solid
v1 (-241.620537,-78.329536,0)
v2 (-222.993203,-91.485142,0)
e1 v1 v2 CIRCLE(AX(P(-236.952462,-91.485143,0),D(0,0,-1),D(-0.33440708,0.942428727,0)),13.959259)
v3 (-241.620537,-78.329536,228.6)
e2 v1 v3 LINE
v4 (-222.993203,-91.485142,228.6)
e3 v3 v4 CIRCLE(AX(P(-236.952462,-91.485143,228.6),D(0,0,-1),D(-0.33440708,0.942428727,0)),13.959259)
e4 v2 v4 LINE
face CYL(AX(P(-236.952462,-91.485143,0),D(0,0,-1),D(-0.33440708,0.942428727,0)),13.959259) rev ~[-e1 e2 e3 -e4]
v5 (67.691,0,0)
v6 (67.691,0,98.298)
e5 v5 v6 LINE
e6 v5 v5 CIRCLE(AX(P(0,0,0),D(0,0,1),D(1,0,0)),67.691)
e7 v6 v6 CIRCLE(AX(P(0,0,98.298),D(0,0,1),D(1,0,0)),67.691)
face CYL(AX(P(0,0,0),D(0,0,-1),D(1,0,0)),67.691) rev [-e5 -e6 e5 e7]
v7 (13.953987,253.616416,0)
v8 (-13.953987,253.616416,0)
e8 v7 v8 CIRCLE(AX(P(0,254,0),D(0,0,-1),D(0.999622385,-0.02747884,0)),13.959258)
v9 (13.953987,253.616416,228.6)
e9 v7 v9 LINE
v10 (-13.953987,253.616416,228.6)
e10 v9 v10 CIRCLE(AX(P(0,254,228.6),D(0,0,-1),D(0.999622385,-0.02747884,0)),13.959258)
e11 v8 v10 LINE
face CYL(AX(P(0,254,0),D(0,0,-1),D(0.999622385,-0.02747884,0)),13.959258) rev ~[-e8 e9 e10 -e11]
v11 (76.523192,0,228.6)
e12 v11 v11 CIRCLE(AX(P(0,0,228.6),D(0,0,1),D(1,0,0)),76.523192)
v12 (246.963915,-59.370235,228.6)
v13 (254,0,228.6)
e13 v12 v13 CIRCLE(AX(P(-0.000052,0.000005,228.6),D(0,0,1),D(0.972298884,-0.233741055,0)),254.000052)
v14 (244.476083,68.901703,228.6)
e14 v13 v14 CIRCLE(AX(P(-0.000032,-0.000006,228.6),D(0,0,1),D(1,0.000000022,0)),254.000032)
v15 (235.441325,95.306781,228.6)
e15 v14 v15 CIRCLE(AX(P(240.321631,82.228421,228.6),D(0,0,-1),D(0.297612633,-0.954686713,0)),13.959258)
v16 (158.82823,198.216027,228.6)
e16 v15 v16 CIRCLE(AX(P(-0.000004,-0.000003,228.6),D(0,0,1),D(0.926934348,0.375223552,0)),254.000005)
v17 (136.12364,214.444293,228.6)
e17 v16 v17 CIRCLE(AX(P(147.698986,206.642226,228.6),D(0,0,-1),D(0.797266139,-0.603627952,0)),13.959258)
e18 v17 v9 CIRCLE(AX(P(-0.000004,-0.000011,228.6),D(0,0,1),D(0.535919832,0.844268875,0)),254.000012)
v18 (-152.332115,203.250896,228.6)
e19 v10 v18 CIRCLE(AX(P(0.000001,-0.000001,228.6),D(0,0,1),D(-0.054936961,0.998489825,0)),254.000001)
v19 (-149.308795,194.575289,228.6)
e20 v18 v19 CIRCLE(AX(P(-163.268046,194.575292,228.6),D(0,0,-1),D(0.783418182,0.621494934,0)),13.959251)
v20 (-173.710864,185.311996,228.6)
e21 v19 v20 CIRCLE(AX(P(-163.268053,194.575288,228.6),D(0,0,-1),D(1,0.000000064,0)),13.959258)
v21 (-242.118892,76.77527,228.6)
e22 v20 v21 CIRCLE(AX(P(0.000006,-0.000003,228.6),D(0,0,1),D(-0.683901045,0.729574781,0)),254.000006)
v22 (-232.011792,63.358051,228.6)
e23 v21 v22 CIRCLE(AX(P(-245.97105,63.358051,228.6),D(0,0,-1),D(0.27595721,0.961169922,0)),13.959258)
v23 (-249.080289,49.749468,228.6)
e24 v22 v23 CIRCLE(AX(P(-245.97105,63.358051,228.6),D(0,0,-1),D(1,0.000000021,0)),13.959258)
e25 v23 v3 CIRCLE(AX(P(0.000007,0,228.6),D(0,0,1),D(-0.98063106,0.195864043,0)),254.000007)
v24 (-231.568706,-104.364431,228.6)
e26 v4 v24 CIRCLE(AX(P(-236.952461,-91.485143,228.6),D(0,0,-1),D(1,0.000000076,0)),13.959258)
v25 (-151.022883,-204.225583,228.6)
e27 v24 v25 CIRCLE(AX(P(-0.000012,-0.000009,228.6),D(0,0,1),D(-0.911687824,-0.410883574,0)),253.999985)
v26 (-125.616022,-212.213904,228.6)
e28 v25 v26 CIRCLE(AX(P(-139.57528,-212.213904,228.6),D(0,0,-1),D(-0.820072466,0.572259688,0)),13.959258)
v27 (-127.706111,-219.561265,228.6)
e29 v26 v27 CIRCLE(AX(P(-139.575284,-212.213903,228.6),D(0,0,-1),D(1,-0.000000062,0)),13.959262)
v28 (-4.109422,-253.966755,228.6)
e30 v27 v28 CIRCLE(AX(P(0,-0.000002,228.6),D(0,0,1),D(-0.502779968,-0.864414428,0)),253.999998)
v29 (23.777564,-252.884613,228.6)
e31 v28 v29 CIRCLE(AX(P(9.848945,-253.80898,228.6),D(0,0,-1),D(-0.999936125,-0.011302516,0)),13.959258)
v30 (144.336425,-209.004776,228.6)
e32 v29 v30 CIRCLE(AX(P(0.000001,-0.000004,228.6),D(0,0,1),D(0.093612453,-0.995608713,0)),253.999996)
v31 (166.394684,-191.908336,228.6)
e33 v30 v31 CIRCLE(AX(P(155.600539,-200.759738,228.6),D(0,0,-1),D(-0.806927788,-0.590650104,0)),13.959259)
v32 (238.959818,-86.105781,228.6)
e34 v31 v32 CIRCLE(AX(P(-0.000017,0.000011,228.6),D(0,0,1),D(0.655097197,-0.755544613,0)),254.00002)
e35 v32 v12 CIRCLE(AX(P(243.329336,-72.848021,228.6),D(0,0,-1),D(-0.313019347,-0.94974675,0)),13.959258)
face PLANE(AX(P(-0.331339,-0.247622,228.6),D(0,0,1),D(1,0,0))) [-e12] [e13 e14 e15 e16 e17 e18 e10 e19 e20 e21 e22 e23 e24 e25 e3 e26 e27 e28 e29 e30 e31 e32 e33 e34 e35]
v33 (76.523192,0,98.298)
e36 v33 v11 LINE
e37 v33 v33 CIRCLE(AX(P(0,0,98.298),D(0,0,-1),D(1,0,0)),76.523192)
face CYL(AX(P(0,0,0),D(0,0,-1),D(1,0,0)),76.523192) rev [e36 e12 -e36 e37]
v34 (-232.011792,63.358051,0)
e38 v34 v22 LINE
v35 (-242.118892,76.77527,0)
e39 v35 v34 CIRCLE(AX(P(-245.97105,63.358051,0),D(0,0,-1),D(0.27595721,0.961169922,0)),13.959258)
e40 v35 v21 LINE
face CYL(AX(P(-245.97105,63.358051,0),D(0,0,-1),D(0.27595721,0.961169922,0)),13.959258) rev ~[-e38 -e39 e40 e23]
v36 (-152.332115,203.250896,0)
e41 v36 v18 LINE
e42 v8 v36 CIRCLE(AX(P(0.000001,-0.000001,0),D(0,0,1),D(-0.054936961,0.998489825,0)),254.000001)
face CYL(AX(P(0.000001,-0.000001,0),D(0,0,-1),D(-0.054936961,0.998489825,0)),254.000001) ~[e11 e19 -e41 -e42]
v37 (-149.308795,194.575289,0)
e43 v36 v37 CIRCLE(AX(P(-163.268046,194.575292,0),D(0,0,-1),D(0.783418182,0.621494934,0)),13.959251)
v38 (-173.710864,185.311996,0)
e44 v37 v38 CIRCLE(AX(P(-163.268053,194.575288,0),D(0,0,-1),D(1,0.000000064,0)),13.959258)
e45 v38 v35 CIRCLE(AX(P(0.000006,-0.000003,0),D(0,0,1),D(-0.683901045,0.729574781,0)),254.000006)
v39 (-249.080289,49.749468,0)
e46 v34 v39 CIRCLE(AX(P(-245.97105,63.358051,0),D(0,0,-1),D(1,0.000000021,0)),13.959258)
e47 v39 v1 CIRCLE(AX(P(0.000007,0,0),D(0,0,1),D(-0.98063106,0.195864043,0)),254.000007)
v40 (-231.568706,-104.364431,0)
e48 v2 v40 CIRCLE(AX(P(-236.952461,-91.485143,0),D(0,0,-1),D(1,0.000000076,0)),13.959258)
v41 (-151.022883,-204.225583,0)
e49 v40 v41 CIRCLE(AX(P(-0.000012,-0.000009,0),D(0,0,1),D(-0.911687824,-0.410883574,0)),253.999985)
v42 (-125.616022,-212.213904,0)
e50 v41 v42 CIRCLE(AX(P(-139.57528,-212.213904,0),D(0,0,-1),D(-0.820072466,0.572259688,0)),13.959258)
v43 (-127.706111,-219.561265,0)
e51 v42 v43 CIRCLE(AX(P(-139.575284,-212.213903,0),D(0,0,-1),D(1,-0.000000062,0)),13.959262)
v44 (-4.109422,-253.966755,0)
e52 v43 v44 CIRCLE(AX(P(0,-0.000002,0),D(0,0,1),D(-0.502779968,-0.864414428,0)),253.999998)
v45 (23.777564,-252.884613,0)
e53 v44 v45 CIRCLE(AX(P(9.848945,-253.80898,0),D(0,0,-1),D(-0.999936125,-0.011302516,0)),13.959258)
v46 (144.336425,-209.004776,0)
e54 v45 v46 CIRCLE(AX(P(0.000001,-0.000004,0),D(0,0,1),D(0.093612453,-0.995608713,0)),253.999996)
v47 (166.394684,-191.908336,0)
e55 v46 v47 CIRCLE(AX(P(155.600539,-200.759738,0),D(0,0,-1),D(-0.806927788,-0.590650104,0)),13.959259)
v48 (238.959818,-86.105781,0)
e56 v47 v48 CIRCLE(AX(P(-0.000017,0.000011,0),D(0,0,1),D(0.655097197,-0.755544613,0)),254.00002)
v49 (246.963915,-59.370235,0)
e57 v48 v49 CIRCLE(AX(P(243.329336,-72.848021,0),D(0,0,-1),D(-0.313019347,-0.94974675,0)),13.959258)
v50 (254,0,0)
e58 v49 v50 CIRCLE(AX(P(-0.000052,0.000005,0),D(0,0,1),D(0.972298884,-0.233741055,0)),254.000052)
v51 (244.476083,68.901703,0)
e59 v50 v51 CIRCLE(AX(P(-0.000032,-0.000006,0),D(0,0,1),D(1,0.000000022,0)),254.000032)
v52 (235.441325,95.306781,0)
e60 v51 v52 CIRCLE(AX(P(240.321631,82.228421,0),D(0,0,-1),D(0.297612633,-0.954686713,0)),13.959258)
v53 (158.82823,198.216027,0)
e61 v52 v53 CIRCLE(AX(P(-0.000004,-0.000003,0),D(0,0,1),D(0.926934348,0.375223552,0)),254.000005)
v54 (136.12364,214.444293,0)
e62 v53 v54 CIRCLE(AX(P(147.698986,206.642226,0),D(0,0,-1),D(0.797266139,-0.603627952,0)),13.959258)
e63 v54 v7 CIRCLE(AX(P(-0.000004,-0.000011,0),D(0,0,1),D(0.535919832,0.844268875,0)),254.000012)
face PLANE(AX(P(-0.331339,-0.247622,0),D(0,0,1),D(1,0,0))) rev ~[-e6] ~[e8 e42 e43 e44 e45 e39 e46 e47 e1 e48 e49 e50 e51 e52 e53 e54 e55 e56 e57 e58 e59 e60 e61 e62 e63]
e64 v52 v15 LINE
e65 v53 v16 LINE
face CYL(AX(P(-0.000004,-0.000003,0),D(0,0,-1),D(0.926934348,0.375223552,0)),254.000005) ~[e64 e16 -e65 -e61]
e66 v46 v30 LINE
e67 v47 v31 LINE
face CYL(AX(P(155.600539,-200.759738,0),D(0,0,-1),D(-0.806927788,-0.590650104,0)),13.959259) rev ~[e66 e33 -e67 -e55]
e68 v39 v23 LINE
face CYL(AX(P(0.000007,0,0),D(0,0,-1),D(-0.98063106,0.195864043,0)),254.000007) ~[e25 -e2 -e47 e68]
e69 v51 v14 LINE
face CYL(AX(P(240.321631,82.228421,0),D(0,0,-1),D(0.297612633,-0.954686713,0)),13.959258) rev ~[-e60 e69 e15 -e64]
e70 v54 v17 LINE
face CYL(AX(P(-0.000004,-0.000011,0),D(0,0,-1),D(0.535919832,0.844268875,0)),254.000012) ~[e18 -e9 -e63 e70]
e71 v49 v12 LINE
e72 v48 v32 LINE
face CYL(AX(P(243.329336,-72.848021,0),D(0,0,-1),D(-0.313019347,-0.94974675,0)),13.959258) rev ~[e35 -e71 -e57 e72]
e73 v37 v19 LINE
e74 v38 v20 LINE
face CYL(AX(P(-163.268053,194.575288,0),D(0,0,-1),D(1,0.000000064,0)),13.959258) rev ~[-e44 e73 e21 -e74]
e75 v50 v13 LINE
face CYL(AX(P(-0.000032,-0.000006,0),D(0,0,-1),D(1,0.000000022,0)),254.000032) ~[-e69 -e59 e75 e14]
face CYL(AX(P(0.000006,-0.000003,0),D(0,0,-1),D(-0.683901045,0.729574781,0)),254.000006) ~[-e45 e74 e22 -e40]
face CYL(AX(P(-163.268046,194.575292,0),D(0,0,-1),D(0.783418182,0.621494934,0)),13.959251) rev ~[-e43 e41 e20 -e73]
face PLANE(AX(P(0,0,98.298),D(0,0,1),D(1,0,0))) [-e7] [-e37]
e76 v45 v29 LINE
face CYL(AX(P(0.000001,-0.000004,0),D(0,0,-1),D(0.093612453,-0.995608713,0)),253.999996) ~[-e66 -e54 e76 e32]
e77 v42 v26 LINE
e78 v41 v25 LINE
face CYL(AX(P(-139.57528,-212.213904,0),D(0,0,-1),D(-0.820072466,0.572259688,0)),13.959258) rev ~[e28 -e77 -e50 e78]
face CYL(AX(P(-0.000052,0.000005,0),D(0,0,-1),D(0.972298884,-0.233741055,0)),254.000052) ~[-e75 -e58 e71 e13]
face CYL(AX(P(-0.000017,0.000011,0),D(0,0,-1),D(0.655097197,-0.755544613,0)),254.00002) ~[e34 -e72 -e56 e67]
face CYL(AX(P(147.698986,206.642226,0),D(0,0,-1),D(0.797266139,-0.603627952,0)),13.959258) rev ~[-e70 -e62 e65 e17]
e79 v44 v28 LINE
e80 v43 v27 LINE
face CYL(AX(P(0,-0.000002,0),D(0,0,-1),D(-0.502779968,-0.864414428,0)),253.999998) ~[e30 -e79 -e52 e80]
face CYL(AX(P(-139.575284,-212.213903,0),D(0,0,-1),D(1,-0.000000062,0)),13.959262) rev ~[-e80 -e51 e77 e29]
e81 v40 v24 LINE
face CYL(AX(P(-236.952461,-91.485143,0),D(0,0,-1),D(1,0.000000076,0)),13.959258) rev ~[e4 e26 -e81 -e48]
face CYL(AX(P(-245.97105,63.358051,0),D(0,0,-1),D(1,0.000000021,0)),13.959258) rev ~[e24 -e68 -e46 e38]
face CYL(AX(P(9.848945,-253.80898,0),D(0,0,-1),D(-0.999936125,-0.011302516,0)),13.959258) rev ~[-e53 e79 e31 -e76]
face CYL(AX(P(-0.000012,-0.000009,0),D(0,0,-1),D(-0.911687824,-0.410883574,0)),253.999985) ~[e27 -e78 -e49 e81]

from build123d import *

# Parameters (mm, degrees)
F0_R     = 67.691
F1_DEPTH = 98.298
F2_R     = 76.523192
F3_DEPTH = 228.6


with BuildPart() as f1:
    # F0 (on Top) → F1 (new body)
    with BuildSketch(Plane.XY):
        Polygon((20.642572, -144.15397), (135.162286, -54.199993), (114.519714, 89.953977), (-20.642572, 144.15397), (-135.162286, 54.199993), (-114.519714, -89.953977), align=None)
        Circle(F0_R, mode=Mode.SUBTRACT)
    extrude(amount=F1_DEPTH)

    # F2 (on Top) → F3 (join)
    with BuildSketch(Plane.XY):
        with BuildLine():
            ThreePointArc((246.963915, -59.370235), (252.234845, -29.892856), (254, 0))
            ThreePointArc((254, 0), (251.607755, 34.778404), (244.476083, 68.901703))
            ThreePointArc((244.476083, 68.901703), (227.114105, 77.709336), (235.441325, 95.306781))
            ThreePointArc((235.441325, 95.306781), (203.739291, 151.678282), (158.82823, 198.216027))
            ThreePointArc((158.82823, 198.216027), (139.581788, 195.285642), (136.12364, 214.444293))
            ThreePointArc((136.12364, 214.444293), (77.552803, 241.870963), (13.953987, 253.616416))
            ThreePointArc((13.953987, 253.616416), (0, 240.040742), (-13.953987, 253.616416))
            ThreePointArc((-13.953987, 253.616416), (-86.873116, 238.681926), (-152.332115, 203.250896))
            ThreePointArc((-152.332115, 203.250896), (-150.086276, 199.168943), (-149.308795, 194.575289))
            ThreePointArc((-149.308795, 194.575289), (-158.313913, 181.524718), (-173.710864, 185.311996))
            ThreePointArc((-173.710864, 185.311996), (-214.880552, 135.433926), (-242.118892, 76.77527))
            ThreePointArc((-242.118892, 76.77527), (-234.821293, 71.757087), (-232.011792, 63.358051))
            ThreePointArc((-232.011792, 63.358051), (-237.268803, 52.4433), (-249.080289, 49.749468))
            ThreePointArc((-249.080289, 49.749468), (-253.570272, -14.768787), (-241.620537, -78.329536))
            ThreePointArc((-241.620537, -78.329536), (-228.899573, -80.082867), (-222.993203, -91.485142))
            ThreePointArc((-222.993203, -91.485142), (-225.333207, -99.221668), (-231.568706, -104.364431))
            ThreePointArc((-231.568706, -104.364431), (-197.704688, -159.46428), (-151.022883, -204.225583))
            ThreePointArc((-151.022883, -204.225583), (-135.388346, -198.897355), (-125.616022, -212.213904))
            ThreePointArc((-125.616022, -212.213904), (-126.148708, -216.033334), (-127.706111, -219.561265))
            ThreePointArc((-127.706111, -219.561265), (-68.115844, -244.696203), (-4.109422, -253.966755))
            ThreePointArc((-4.109422, -253.966755), (9.307669, -239.86022), (23.777564, -252.884613))
            ThreePointArc((23.777564, -252.884613), (86.873116, -238.681926), (144.336425, -209.004776))
            ThreePointArc((144.336425, -209.004776), (147.049089, -189.726443), (166.394684, -191.908336))
            ThreePointArc((166.394684, -191.908336), (209.467451, -143.664146), (238.959818, -86.105781))
            ThreePointArc((238.959818, -86.105781), (229.956513, -68.844461), (246.963915, -59.370235))
        make_face()
        Circle(F2_R, mode=Mode.SUBTRACT)
    extrude(amount=F3_DEPTH)


solid = f1.part
